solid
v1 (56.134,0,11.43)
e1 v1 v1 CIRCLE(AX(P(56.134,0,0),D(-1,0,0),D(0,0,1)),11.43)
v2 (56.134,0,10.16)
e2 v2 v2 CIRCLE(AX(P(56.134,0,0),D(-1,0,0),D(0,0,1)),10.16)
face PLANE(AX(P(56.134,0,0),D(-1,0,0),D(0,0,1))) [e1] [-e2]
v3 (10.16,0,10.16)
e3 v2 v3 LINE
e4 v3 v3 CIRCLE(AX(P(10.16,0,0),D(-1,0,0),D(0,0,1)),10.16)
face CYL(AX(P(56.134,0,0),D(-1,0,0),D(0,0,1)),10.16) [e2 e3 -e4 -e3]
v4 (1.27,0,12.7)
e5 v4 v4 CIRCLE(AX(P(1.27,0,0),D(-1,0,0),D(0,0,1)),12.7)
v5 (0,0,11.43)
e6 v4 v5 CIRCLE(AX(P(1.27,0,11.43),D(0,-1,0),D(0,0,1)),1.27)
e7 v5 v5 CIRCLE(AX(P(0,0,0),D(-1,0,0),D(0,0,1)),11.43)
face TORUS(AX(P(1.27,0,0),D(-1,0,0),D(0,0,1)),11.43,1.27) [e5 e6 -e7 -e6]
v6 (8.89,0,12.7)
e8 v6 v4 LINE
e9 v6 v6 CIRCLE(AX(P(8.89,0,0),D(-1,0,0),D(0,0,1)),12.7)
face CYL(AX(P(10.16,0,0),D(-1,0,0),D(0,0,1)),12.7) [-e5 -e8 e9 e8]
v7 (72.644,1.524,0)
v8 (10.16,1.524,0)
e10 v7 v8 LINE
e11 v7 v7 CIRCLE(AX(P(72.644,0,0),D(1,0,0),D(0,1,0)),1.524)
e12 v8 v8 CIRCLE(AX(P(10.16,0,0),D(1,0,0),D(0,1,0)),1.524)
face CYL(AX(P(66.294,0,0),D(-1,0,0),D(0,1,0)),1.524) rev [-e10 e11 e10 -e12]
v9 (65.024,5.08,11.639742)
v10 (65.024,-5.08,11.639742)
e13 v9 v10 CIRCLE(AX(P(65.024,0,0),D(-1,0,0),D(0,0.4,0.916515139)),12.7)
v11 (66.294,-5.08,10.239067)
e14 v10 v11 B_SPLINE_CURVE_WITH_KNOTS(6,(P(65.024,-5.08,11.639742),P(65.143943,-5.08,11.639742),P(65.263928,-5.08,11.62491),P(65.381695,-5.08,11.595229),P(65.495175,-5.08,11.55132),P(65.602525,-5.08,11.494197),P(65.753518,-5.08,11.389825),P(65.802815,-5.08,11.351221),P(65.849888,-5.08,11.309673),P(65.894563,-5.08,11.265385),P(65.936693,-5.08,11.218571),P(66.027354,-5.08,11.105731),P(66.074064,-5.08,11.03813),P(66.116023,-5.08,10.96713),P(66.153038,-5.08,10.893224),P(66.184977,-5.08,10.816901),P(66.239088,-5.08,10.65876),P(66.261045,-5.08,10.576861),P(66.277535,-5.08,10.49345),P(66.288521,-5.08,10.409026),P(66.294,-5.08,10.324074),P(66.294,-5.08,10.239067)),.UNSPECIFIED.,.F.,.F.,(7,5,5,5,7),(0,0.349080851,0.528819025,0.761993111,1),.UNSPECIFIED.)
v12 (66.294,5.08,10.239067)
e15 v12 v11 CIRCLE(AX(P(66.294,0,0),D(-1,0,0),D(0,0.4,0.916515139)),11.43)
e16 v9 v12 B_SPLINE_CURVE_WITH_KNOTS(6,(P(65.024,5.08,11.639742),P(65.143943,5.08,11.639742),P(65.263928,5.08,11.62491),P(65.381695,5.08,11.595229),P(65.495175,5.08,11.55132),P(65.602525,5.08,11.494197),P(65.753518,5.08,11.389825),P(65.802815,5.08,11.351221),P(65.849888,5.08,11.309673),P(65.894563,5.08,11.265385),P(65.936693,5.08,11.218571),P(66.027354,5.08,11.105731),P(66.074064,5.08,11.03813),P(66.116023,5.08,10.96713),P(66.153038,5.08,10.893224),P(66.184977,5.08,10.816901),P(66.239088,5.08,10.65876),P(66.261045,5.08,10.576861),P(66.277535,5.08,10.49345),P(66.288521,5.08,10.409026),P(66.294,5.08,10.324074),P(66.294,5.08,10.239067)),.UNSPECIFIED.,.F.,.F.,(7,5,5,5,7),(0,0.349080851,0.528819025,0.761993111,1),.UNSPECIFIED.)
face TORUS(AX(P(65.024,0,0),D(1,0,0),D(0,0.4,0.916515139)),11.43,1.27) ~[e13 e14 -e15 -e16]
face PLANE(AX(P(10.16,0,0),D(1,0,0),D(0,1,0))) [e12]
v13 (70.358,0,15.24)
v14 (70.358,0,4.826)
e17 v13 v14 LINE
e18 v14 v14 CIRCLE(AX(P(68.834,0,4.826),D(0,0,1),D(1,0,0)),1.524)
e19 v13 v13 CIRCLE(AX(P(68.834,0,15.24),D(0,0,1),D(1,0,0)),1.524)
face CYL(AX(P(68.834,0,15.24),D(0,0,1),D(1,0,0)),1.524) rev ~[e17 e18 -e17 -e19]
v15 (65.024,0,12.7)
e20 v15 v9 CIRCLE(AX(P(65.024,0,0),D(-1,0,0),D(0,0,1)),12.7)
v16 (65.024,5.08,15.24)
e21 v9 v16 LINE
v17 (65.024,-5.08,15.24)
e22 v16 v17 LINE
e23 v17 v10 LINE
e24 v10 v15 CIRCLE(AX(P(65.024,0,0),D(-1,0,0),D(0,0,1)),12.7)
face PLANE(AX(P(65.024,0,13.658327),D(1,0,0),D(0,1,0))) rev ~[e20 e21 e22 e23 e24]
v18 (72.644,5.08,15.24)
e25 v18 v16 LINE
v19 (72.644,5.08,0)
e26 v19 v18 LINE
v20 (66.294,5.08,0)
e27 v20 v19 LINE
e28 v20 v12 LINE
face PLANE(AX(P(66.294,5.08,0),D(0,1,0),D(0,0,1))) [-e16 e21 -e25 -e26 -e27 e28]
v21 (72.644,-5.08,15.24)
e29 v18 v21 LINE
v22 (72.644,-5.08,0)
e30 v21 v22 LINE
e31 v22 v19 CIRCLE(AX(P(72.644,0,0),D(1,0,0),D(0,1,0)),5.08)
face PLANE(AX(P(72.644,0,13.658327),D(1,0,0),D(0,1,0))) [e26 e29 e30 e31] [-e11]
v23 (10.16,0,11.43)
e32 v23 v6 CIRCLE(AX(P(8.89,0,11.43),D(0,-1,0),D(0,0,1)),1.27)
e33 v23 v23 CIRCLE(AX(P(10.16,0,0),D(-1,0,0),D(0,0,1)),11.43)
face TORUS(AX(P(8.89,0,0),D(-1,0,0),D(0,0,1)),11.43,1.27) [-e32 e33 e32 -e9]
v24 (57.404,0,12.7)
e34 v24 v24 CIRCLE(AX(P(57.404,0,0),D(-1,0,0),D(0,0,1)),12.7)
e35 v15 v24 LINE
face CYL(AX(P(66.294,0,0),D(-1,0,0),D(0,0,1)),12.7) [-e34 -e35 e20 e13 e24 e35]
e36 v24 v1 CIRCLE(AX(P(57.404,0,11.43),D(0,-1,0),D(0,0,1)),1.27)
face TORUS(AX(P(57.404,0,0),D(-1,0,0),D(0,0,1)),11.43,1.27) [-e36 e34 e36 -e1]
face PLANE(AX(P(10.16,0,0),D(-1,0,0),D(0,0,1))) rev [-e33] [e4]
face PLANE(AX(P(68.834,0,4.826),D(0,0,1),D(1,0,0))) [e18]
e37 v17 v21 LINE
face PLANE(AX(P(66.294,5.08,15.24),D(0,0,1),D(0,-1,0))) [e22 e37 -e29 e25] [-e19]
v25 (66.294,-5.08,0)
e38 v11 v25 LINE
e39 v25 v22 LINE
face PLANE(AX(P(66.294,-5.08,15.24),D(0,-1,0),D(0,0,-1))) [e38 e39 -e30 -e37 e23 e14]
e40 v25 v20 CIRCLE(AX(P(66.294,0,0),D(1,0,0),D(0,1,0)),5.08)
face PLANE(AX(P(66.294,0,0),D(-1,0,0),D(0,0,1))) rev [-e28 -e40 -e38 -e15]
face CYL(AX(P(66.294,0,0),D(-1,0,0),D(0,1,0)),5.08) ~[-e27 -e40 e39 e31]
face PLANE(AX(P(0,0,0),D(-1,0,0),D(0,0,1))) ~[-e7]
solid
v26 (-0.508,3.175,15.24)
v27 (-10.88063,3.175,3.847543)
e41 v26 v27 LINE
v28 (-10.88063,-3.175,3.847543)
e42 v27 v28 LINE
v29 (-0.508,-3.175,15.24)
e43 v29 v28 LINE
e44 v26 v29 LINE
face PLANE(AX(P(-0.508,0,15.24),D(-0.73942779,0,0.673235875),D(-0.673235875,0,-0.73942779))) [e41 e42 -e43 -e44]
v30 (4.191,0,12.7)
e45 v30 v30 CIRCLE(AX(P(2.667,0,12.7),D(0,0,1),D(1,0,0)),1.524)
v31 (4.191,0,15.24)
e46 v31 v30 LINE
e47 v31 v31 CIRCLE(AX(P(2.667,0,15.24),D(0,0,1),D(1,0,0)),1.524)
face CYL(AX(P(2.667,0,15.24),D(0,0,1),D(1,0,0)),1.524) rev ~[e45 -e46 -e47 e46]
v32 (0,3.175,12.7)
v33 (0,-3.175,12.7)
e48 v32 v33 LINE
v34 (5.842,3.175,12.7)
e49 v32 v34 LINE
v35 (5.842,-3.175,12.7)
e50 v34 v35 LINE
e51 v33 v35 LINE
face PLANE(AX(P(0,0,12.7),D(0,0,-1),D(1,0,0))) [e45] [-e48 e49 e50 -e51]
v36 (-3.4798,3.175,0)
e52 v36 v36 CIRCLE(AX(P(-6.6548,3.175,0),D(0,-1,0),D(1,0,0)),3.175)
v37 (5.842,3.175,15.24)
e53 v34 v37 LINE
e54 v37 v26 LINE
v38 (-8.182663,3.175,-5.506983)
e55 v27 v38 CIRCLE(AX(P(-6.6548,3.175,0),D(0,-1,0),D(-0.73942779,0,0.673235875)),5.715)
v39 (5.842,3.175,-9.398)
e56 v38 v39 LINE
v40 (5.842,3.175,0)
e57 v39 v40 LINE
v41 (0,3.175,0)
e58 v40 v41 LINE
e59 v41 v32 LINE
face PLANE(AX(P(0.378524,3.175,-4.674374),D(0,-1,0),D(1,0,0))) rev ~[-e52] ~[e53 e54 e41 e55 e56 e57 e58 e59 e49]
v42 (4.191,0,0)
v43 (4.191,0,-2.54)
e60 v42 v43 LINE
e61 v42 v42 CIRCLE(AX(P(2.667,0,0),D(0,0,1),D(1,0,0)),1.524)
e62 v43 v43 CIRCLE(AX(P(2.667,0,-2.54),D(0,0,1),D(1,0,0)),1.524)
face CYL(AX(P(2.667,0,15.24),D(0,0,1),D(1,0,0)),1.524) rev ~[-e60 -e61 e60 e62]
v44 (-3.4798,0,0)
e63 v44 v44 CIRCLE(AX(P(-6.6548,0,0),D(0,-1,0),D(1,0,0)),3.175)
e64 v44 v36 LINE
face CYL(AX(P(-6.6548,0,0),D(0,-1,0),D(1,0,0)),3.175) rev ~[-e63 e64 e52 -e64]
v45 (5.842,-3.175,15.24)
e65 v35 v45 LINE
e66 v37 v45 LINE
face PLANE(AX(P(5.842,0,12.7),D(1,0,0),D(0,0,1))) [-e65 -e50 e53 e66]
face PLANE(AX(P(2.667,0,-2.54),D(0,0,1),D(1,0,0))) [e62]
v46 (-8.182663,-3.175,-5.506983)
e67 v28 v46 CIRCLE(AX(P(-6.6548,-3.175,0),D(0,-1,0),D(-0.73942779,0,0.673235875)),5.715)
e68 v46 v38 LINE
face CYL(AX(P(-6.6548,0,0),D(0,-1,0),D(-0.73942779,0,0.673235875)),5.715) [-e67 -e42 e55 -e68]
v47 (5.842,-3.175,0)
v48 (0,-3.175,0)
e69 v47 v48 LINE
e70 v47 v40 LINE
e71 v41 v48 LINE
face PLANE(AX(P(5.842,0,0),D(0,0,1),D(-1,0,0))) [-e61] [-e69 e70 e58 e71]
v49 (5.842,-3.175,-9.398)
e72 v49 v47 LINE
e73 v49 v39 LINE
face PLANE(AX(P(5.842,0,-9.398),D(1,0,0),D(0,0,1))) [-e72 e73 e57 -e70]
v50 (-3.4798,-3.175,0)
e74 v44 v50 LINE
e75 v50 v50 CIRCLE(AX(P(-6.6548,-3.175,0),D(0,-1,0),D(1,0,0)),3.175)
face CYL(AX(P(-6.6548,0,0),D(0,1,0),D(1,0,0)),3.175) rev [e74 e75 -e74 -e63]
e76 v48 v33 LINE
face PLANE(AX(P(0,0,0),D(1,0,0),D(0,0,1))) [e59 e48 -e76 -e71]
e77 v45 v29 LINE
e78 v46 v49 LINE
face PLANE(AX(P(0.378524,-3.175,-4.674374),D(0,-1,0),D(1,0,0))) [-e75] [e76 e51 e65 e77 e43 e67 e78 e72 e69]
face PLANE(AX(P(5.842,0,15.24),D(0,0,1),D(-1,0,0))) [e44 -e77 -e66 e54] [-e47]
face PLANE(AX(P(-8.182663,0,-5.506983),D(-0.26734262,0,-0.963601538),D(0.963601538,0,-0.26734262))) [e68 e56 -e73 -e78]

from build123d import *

# Parameters (mm, degrees)
F0_W          = 5.842
F0_H          = 12.7
F0_R          = 3.175
F2_DEPTH      = 3.175
F2_DEPTH_BACK = 3.175
F3_R          = 1.524
F4_DEPTH      = 6.35
F4_DEPTH_BACK = 1.27
F5_DEPTH      = 56.134
F7_R          = 1.524
F8_DEPTH      = 10.414
F6_R          = 1.524
F9_DEPTH      = 17.78
F10_R         = 1.27


with BuildPart() as f1:
    # F0 (on Front) → F1 (revolve)
    with BuildSketch(Plane.XZ):
        Polygon((5.842, 12.7), (5.842, 0), (66.294, 0), (66.294, 12.7), (56.134, 12.7), (56.134, 10.16), (10.16, 10.16), (10.16, 12.7), align=None)
        with Locations((2.921, 6.35)):
            Rectangle(F0_W, F0_H)
    revolve(axis=Axis((33.147, 0, 0), (-1, 0, 0)))

    # F3 (on face) → F4 (join, two sides)
    with BuildSketch(Plane.YZ.offset(66.294)) as f4_sk:
        with BuildLine():
            ThreePointArc((-5.08, 11.6397422652), (0, 12.7), (5.08, 11.6397422652))
            Line((5.08, 11.6397422652), (5.08, 15.24))
            Line((5.08, 15.24), (-5.08, 15.24))
            Line((-5.08, 15.24), (-5.08, 11.6397422652))
        make_face()
        with BuildLine():
            ThreePointArc((-5.08, 0), (0, 5.08), (5.08, 0))
            Line((5.08, 0), (5.08, 11.6397422652))
            ThreePointArc((5.08, 11.6397422652), (0, 12.7), (-5.08, 11.6397422652))
            Line((-5.08, 11.6397422652), (-5.08, 0))
        make_face()
        with BuildLine():
            ThreePointArc((-5.08, 0), (0, -5.08), (5.08, 0))
            ThreePointArc((5.08, 0), (0, 5.08), (-5.08, 0))
        make_face()
        Circle(F3_R, mode=Mode.SUBTRACT)
    extrude(amount=F4_DEPTH)
    extrude(f4_sk.sketch, amount=-F4_DEPTH_BACK)

    # F3 (on face) → F5 (cut)
    with BuildSketch(Plane.YZ.offset(66.294)):
        Circle(F3_R)
    extrude(amount=-F5_DEPTH, mode=Mode.SUBTRACT)

    # F7 (on face) → F8 (cut)
    with BuildSketch(Plane.XY.offset(15.24)):
        with Locations((68.834, 0)):
            Circle(F7_R)
    extrude(amount=-F8_DEPTH, mode=Mode.SUBTRACT)

    # F10
    f10_edges = [f1.edges().sort_by_distance(p)[0] for p in [
        (0, 0, -12.7),
        (10.16, 0, -12.7),
        (56.134, 0, -12.7),
        (66.294, 0, -12.7),
    ]]
    fillet(f10_edges, radius=F10_R)


with BuildPart() as f2:
    # F0 (on Front) → F2 (new body, two sides)
    with BuildSketch(Plane.XZ) as f2_sk:
        with BuildLine():
            Line((5.842, 0), (0, 0))
            Line((0, 0), (-0.9398, 0))
            ThreePointArc((-0.9398, 0), (-3.1957909266, -4.5493385486), (-8.1826630726, -5.5069827884))
            Line((-8.1826630726, -5.5069827884), (5.842, -9.398))
            Line((5.842, -9.398), (5.842, 0))
        make_face()
        with BuildLine():
            ThreePointArc((-8.1826630726, -5.5069827884), (-3.1957909266, -4.5493385486), (-0.9398, 0))
            ThreePointArc((-0.9398, 0), (-4.5919612295, 5.3297205562), (-10.8806298187, 3.8475430269))
            ThreePointArc((-10.8806298187, 3.8475430269), (-12.1459778134, -1.5837270034), (-8.1826630726, -5.5069827884))
        make_face()
        with Locations((-6.6548, 0)):
            Circle(F0_R, mode=Mode.SUBTRACT)
        with BuildLine():
            Line((-0.9398, 0), (0, 0))
            Line((0, 0), (0, 12.7))
            Line((0, 12.7), (5.842, 12.7))
            Line((5.842, 12.7), (5.842, 15.24))
            Line((5.842, 15.24), (-0.508, 15.24))
            Line((-0.508, 15.24), (-10.8806298187, 3.8475430269))
            ThreePointArc((-10.8806298187, 3.8475430269), (-4.5919612295, 5.3297205562), (-0.9398, 0))
        make_face()
    extrude(amount=F2_DEPTH)
    extrude(f2_sk.sketch, amount=-F2_DEPTH_BACK)

    # F6 (on face) → F9 (cut)
    with BuildSketch(Plane.XY.offset(15.24)):
        with Locations((2.667, 0)):
            Circle(F6_R)
    extrude(amount=-F9_DEPTH, mode=Mode.SUBTRACT)


solid = Compound([f1.part, f2.part])
